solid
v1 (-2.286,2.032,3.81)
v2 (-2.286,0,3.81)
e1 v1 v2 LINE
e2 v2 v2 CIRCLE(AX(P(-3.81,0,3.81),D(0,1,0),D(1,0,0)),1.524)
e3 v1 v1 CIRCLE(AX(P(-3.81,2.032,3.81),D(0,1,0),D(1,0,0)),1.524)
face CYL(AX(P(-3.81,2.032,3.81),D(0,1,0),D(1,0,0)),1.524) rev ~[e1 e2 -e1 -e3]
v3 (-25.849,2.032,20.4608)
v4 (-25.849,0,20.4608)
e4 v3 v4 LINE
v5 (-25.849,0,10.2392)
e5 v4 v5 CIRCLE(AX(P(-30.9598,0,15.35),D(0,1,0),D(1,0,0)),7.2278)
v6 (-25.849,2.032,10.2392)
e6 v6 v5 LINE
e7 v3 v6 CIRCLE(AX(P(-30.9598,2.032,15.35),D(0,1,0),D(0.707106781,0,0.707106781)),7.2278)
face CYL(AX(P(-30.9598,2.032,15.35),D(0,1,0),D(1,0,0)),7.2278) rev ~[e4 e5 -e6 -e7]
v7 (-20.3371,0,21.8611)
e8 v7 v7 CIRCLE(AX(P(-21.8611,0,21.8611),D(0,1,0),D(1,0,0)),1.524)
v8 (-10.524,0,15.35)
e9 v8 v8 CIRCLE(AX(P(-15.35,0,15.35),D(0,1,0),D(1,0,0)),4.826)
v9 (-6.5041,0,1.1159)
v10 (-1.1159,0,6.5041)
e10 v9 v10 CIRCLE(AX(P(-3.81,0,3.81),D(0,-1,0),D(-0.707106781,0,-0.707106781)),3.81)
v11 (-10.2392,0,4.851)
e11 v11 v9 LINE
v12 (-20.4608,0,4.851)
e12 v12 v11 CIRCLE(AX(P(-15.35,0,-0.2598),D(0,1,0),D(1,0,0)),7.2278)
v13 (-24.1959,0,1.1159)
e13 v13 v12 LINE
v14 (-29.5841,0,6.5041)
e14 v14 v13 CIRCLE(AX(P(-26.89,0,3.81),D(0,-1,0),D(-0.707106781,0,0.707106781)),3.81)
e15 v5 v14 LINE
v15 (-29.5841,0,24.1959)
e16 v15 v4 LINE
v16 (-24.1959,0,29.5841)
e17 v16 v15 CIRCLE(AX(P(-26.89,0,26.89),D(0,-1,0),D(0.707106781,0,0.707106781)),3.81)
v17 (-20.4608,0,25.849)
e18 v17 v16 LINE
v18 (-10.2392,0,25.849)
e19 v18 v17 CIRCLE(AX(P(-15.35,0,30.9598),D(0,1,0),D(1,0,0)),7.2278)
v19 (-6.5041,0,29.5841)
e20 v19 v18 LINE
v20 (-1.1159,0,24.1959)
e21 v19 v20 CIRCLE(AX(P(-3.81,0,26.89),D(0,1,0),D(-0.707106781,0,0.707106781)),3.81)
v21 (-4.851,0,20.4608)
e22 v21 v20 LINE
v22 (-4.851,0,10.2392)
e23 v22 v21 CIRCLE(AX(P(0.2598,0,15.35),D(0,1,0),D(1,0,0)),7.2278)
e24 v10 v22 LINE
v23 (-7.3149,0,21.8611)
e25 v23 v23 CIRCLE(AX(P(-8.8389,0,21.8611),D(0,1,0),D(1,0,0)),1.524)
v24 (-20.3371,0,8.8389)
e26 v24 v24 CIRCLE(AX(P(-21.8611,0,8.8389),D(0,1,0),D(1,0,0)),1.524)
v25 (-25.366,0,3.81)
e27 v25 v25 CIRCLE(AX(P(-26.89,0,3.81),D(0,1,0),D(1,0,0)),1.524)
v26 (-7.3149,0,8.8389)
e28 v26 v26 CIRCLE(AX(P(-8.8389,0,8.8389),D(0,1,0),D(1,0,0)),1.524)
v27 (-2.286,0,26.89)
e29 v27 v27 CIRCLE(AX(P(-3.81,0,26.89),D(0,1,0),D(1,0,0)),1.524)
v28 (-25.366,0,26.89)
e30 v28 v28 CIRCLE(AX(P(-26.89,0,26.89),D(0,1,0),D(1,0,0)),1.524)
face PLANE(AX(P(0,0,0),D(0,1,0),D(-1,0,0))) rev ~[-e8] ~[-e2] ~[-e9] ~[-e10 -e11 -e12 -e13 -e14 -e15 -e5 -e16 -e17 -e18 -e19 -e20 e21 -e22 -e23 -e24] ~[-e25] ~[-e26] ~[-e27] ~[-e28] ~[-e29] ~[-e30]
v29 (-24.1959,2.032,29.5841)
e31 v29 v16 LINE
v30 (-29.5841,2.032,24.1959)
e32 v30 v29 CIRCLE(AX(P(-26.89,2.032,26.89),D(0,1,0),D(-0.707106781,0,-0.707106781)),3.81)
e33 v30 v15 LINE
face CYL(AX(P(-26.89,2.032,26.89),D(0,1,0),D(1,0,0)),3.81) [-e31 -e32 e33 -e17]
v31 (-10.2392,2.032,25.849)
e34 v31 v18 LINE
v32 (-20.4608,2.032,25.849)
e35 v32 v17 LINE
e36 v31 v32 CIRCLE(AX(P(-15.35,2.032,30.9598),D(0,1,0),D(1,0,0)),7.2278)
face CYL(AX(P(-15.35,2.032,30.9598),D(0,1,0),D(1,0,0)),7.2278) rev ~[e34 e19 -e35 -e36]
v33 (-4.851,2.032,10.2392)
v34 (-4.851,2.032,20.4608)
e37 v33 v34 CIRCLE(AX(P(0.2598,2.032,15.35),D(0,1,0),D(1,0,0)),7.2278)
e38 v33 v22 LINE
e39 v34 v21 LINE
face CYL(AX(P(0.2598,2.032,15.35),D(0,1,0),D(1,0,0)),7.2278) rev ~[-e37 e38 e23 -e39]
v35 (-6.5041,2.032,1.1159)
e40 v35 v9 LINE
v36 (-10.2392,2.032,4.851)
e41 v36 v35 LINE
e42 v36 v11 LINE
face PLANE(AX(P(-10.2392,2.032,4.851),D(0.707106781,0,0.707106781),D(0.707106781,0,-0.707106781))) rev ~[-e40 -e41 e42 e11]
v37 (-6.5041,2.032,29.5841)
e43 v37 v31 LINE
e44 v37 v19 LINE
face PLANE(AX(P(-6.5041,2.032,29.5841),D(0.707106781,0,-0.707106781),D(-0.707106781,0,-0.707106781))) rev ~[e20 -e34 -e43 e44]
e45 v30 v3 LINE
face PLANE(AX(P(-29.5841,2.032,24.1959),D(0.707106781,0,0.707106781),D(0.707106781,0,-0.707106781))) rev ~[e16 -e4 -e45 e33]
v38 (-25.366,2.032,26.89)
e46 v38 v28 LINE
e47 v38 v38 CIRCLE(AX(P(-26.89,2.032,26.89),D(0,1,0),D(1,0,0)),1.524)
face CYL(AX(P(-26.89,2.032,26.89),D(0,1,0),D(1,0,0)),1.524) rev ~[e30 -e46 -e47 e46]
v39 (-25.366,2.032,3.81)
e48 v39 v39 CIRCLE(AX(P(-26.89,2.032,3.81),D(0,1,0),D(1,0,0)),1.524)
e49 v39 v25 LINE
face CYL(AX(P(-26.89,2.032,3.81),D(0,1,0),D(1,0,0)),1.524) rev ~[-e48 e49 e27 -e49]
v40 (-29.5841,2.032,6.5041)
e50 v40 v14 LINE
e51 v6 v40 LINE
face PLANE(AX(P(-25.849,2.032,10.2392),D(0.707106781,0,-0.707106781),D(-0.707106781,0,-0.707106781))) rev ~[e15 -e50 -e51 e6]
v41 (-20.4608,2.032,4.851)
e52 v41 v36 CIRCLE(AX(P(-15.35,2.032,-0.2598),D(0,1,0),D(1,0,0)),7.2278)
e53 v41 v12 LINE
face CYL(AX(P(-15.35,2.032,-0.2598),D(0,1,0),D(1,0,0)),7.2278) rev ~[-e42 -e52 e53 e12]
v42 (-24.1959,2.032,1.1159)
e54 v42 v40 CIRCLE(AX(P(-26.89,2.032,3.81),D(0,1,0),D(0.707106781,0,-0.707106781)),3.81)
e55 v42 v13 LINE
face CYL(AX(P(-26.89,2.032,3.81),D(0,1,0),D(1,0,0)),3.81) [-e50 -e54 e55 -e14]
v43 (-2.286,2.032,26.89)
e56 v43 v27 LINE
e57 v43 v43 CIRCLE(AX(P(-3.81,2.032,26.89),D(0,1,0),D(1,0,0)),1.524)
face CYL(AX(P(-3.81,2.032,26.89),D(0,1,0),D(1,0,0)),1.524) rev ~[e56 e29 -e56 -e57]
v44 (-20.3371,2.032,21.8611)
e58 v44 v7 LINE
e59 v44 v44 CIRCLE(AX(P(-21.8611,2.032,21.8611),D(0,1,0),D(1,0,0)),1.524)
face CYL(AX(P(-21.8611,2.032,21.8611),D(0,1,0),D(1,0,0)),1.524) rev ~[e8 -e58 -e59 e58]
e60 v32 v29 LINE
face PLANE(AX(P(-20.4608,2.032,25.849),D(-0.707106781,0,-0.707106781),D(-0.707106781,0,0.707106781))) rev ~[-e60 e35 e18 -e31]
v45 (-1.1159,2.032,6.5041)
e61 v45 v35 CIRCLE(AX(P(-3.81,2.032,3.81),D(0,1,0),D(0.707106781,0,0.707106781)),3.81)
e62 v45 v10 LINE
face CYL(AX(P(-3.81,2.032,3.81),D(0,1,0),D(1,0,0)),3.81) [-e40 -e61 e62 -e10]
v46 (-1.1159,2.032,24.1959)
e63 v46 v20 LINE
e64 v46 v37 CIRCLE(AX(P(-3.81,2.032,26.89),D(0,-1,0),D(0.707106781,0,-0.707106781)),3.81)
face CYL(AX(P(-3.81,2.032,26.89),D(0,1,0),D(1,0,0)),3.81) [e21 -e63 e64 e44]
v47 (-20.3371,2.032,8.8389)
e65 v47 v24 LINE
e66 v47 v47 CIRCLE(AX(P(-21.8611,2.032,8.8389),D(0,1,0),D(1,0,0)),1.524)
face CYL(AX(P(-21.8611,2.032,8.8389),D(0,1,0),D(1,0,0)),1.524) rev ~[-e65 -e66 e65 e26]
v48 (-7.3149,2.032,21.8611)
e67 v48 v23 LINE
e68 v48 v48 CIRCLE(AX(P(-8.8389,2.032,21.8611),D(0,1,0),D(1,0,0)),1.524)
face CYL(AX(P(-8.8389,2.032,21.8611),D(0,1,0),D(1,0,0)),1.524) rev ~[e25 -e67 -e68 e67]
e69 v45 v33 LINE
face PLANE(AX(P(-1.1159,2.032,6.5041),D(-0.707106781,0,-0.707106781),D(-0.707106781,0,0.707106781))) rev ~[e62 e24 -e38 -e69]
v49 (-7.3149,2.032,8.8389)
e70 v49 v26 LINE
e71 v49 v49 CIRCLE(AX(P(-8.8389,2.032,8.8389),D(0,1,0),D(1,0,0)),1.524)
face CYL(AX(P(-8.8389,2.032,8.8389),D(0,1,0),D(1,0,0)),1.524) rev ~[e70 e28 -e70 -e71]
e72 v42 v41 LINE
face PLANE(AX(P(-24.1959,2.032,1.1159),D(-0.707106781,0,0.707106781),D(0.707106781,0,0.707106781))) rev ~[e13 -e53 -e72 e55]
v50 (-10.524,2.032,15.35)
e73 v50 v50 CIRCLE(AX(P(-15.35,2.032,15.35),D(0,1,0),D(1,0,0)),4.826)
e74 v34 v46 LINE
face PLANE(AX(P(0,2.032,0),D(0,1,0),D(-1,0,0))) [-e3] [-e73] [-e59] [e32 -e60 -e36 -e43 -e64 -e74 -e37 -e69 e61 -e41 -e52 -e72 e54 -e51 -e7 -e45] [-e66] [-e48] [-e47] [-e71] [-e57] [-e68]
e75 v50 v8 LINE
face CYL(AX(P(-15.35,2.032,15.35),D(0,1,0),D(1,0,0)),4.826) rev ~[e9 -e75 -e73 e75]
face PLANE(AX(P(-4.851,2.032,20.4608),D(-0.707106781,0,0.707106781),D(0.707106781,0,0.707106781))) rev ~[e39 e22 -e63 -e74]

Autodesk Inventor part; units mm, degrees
ref_plane "YZ Plane" through (0, 0, 0) normal (1, 0, 0) x (0, 1, 0)
ref_plane "XZ Plane" through (0, 0, 0) normal (0, 1, 0) x (-1, 0, 0)
ref_plane "XY Plane" through (0, 0, 0) normal (0, 0, 1) x (1, 0, 0)
sketch "Sketch1" plane through (0, 0, 0) normal (0, 1, 0) x (-1, 0, 0)
  line L0 (0, 0) -> (30.7, 0)
  line L1 (30.7, 0) -> (30.7, 30.7)
  line L2 (30.7, 30.7) -> (0, 30.7)
  line L3 (0, 30.7) -> (0, 0)
  dimension "d0" = 30.7
  dimension "d1" = 30.7
extrude "Extrusion1" add sketch "Sketch1" along normal blind 2.032
sketch "Sketch2" plane through (0, 2.032, 0) normal (0, 1, 0) x (1, 0, 0)
  circle A0 centre (-26.89, -26.89) radius 3.81
  circle A1 centre (-3.81, -26.89) radius 3.81
  circle A2 centre (-3.81, -3.81) radius 3.81
  circle A3 centre (-26.89, -3.81) radius 3.81
  circle A4 centre (-15.35, -30.9598) radius 7.2278
  circle A5 centre (-15.35, 0.2598) radius 7.2278
  circle A6 centre (-30.9598, -15.35) radius 7.2278
  circle A7 centre (0.2598, -15.35) radius 7.2278
  line L0 (-29.5841, -24.1959) -> (-25.849, -20.4608)
  line L1 (-25.849, -10.2392) -> (-29.5841, -6.5041)
  line L2 (-24.1959, -1.1159) -> (-20.4608, -4.851)
  line L3 (-10.2392, -4.851) -> (-6.5041, -1.1159)
  line L4 (-1.1159, -6.5041) -> (-4.851, -10.2392)
  line L5 (-4.851, -20.4608) -> (-1.1159, -24.1959)
  line L6 (-6.5041, -29.5841) -> (-10.2392, -25.849)
  line L7 (-20.4608, -25.849) -> (-24.1959, -29.5841)
  line L8 (-30.7, 0) -> (-30.7, -30.7) projected
  line L9 (-30.7, -30.7) -> (0, -30.7) projected
  line L10 (0, -30.7) -> (0, 0) projected
  line L11 (0, 0) -> (-30.7, 0) projected
  line L12 (-23.732, -15.35) -> (-6.968, -15.35) construction
  line L13 (-30.7, -15.35) -> (-23.732, -15.35) construction
  point P0 (-26.89, 0)
  point P1 (-3.81, 0)
  point P2 (-30.7, -3.81)
  point P3 (0, -3.81)
  point P4 (0, -26.89)
  point P5 (-3.81, -30.7)
  point P6 (-26.89, -30.7)
  point P7 (-30.7, -26.89)
  dimension "d4" = 7.62
  dimension "d5" = 16.764
extrude "Extrusion2" cut sketch "Sketch2" against normal through all contours A0 L8 A6 L0 | L7 A4 L9 A0 | A0 L9 L8 | A6 L8 | A4 L9 | L6 A1 L9 A4 | L8 A3 L1 A6 | L8 L11 A3 | A1 L10 L9 | L5 A7 L10 A1 | L11 A5 L2 A3 | A7 L10 | L11 A5 | L4 A2 L10 A7 | L11 A2 L3 A5 | L11 L10 A2 picked at (-27.8979, -13.6464) picked at (-16.0496, -27.92) picked at (-4.1409, -17.2716) picked at (-14.1643, -2.5459)
sketch "Sketch3" plane through (0, 2.032, 0) normal (0, 1, 0) x (1, 0, 0)
  circle A0 centre (-26.89, -26.89) radius 1.524
  circle A1 centre (-21.8611, -21.8611) radius 1.524
  circle A2 centre (-15.35, -15.35) radius 4.826
  arc A3 (-29.5841, -24.1959) -> (-24.1959, -29.5841) centre (-26.89, -26.89) ccw projected
  line L0 (-29.5841, -29.5841) -> (0, 0) construction
  line L1 (-25.4985, -30.4368) -> (-30.4368, -25.4985) construction
  line L2 (-18.0893, -23.4775) -> (-23.4775, -18.0893) construction
  arc A4 (-29.5841, -24.1959) -> (-24.1959, -29.5841) centre (-26.89, -26.89) ccw projected
  line L3 (-24.1959, -29.5841) -> (-20.4608, -25.849) projected
  arc A5 (-10.2392, -25.849) -> (-20.4608, -25.849) centre (-15.35, -30.9598) ccw projected
  line L4 (-10.2392, -25.849) -> (-6.5041, -29.5841) projected
  arc A6 (-6.5041, -29.5841) -> (-1.1159, -24.1959) centre (-3.81, -26.89) ccw projected
  line L5 (-1.1159, -24.1959) -> (-4.851, -20.4608) projected
  arc A7 (-4.851, -10.2392) -> (-4.851, -20.4608) centre (0.2598, -15.35) ccw projected
  line L6 (-4.851, -10.2392) -> (-1.1159, -6.5041) projected
  arc A8 (-1.1159, -6.5041) -> (-6.5041, -1.1159) centre (-3.81, -3.81) ccw projected
  line L7 (-6.5041, -1.1159) -> (-10.2392, -4.851) projected
  arc A9 (-20.4608, -4.851) -> (-10.2392, -4.851) centre (-15.35, 0.2598) ccw projected
  line L8 (-20.4608, -4.851) -> (-24.1959, -1.1159) projected
  arc A10 (-24.1959, -1.1159) -> (-29.5841, -6.5041) centre (-26.89, -3.81) ccw projected
  line L9 (-29.5841, -6.5041) -> (-25.849, -10.2392) projected
  arc A11 (-25.849, -20.4608) -> (-25.849, -10.2392) centre (-30.9598, -15.35) ccw projected
  line L10 (-25.849, -20.4608) -> (-29.5841, -24.1959) projected
  line L11 (-29.5841, -1.1159) -> (-1.1159, -29.5841) construction
  circle A12 centre (-3.81, -26.89) radius 1.524
  circle A13 centre (-8.8389, -21.8611) radius 1.524
  circle A14 centre (-3.81, -3.81) radius 1.524
  circle A15 centre (-8.8389, -8.8389) radius 1.524
  circle A16 centre (-26.89, -3.81) radius 1.524
  circle A17 centre (-21.8611, -8.8389) radius 1.524
  dimension "d8" = 3.048
  dimension "d9" = 3.048
  dimension "d10" = 10.16
  dimension "d11" = 9.652
  dimension "d14" = 360
extrude "Extrusion3" cut sketch "Sketch3" against normal through all contours A0 | A1 | A2 | A12 | A13 | A14 | A15 | A16 | A17
properties part number "Brushless Motor Mount"
